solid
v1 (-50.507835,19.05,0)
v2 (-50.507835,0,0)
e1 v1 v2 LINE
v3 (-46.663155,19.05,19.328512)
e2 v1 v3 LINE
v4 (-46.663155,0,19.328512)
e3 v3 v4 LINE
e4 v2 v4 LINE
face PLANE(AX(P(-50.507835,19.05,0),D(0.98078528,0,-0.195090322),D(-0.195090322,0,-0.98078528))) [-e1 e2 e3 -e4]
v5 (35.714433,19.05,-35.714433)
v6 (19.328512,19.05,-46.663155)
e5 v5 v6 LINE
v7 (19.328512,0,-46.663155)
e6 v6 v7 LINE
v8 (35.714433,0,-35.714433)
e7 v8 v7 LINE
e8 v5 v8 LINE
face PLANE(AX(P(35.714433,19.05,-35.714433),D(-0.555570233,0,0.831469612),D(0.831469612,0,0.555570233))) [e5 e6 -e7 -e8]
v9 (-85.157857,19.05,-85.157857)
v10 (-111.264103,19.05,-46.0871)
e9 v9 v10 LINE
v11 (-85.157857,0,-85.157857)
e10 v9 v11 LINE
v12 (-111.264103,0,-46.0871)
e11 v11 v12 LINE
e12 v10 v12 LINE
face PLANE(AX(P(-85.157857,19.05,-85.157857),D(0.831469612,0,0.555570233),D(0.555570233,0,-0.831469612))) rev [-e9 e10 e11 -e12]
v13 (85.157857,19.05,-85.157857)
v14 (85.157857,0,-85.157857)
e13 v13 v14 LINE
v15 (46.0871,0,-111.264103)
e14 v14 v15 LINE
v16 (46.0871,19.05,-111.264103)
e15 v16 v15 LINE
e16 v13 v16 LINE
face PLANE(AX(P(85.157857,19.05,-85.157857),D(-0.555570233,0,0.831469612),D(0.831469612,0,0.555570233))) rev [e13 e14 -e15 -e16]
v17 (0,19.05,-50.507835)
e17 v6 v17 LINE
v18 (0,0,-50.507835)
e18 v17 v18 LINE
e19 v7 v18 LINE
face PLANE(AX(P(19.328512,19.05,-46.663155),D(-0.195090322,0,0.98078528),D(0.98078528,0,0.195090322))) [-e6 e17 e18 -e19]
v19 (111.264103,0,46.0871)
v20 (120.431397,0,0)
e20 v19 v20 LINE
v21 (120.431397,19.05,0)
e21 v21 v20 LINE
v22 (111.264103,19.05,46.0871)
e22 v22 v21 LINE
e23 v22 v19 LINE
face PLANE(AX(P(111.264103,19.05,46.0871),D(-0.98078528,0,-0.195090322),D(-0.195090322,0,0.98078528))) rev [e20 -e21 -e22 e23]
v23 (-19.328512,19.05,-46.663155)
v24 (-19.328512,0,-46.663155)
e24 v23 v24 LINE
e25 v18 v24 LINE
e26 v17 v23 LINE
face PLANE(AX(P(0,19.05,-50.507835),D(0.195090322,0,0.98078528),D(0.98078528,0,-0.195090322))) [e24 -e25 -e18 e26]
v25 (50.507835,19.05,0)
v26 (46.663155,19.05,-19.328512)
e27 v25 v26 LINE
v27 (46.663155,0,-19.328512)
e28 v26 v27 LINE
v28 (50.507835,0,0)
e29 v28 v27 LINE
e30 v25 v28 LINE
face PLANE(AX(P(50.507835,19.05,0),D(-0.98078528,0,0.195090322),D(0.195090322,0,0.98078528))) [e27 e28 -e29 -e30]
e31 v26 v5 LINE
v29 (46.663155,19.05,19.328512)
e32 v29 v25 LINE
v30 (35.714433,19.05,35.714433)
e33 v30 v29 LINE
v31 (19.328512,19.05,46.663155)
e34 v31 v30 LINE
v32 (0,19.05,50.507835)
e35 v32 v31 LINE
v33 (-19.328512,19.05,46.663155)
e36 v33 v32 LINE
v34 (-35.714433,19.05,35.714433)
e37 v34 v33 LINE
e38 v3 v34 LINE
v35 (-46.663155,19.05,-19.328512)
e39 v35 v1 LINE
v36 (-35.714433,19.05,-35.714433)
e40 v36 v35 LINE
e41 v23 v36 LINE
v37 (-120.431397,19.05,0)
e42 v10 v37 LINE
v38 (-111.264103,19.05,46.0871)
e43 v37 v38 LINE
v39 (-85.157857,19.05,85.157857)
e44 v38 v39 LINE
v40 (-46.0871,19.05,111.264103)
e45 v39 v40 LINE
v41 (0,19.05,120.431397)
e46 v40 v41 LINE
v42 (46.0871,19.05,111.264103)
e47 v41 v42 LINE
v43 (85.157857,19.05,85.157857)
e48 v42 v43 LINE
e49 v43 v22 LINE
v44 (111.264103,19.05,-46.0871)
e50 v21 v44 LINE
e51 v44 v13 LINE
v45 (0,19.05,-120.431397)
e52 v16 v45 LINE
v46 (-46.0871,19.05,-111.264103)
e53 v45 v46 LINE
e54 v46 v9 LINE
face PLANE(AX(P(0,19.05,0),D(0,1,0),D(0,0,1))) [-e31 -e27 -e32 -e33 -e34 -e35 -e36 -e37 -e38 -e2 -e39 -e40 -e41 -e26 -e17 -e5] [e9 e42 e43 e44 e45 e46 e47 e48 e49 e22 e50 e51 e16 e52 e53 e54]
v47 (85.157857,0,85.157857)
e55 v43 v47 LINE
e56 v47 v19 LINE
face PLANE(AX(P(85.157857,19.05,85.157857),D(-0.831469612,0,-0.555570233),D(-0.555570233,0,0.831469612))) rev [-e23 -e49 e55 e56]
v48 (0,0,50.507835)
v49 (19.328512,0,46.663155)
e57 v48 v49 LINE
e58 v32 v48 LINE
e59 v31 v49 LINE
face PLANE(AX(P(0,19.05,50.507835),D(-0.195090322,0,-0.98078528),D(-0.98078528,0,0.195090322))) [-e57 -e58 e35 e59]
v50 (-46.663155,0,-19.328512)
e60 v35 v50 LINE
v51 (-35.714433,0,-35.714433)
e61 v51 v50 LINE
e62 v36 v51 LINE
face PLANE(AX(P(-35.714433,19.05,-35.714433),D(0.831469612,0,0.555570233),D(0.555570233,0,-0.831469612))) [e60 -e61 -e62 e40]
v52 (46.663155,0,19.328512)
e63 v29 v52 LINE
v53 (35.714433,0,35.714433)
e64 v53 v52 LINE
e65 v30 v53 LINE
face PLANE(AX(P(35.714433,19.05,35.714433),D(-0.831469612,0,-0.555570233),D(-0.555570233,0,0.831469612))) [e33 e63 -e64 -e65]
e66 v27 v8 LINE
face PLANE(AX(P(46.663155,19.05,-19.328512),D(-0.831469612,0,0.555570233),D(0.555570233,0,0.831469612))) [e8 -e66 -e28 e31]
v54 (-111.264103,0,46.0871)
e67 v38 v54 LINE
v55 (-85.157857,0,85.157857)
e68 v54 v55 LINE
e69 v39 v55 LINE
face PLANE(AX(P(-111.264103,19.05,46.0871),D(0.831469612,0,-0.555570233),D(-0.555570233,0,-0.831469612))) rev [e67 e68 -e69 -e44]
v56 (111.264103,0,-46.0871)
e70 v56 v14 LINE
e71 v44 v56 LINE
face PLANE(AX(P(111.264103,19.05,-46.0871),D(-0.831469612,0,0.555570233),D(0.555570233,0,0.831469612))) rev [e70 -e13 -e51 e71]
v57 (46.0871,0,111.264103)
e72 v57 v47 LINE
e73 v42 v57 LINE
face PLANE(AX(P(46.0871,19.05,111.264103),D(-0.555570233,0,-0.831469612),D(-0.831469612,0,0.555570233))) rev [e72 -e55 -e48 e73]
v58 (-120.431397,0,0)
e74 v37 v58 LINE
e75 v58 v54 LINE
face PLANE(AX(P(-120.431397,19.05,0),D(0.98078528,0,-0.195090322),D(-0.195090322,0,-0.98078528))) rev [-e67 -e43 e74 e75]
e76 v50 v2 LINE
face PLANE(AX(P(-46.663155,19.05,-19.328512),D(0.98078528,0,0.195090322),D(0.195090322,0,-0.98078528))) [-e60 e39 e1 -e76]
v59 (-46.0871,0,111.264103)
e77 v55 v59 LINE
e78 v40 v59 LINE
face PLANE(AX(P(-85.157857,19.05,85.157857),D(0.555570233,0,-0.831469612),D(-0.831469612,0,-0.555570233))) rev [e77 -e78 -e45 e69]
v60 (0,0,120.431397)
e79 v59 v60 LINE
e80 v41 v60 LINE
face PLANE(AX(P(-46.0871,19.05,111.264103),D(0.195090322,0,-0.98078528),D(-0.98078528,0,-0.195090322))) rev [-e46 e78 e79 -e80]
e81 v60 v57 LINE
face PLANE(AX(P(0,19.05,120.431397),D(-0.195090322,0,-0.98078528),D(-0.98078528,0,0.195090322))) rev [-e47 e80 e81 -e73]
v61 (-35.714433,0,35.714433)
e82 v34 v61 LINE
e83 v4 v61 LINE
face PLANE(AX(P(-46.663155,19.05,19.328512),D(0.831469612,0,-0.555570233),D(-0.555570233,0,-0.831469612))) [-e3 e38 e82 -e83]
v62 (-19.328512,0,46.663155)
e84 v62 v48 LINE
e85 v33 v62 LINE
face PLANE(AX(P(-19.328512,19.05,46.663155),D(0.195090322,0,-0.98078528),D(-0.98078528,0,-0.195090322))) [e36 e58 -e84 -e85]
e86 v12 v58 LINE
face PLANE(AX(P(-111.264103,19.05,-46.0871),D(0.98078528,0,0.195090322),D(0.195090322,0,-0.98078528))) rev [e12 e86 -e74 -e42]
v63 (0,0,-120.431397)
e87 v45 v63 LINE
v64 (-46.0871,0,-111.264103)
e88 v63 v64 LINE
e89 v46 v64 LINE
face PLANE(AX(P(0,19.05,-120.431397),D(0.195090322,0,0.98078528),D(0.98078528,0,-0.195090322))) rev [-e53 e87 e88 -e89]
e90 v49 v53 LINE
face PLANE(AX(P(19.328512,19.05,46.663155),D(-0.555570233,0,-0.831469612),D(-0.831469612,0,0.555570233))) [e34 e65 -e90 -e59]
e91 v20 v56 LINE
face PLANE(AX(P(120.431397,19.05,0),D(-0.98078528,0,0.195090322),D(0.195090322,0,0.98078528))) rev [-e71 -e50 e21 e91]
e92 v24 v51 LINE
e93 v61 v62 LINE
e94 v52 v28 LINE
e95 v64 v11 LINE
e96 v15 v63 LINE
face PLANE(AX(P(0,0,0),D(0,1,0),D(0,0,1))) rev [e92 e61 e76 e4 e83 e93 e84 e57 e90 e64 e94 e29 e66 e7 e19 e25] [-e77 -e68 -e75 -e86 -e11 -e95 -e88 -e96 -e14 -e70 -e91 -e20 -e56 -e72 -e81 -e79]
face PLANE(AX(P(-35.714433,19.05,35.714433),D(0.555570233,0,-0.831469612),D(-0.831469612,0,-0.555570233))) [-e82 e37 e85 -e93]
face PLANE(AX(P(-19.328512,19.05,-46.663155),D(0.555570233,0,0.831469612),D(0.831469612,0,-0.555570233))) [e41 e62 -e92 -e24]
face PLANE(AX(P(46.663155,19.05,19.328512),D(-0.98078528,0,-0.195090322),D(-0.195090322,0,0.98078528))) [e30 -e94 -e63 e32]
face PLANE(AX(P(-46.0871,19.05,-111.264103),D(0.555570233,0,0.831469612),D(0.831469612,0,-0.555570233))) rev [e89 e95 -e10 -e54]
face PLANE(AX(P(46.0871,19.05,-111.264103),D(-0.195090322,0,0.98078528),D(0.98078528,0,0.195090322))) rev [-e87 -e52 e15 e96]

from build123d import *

# Parameters (mm, degrees)
BOSS_EXTRUDE1_DEPTH = 19.05


with BuildPart() as part:
    # Sketch1 → Boss-Extrude1 (new body)
    with BuildSketch(Plane(origin=(0, 0, 0), x_dir=(1, 0, 0), z_dir=(0, 1, 0))):
        Polygon((120.431396889, 0), (111.264102658, 46.087100326), (85.157857408, 85.157857408), (46.087100326, 111.264102658), (0, 120.431396889), (-46.087100326, 111.264102658), (-85.157857408, 85.157857408), (-111.264102658, 46.087100326), (-120.431396889, 0), (-111.264102658, -46.087100326), (-85.157857408, -85.157857408), (-46.087100326, -111.264102658), (0, -120.431396889), (46.087100326, -111.264102658), (85.157857408, -85.157857408), (111.264102658, -46.087100326), align=None)
        Polygon((50.507835259, 0), (46.663155228, 19.328511758), (35.714432815, 35.714432815), (19.328511758, 46.663155228), (0, 50.507835259), (-19.328511758, 46.663155228), (-35.714432815, 35.714432815), (-46.663155228, 19.328511758), (-50.507835259, 0), (-46.663155228, -19.328511758), (-35.714432815, -35.714432815), (-19.328511758, -46.663155228), (0, -50.507835259), (19.328511758, -46.663155228), (35.714432815, -35.714432815), (46.663155228, -19.328511758), align=None, mode=Mode.SUBTRACT)
    extrude(amount=BOSS_EXTRUDE1_DEPTH)


solid = part.part
